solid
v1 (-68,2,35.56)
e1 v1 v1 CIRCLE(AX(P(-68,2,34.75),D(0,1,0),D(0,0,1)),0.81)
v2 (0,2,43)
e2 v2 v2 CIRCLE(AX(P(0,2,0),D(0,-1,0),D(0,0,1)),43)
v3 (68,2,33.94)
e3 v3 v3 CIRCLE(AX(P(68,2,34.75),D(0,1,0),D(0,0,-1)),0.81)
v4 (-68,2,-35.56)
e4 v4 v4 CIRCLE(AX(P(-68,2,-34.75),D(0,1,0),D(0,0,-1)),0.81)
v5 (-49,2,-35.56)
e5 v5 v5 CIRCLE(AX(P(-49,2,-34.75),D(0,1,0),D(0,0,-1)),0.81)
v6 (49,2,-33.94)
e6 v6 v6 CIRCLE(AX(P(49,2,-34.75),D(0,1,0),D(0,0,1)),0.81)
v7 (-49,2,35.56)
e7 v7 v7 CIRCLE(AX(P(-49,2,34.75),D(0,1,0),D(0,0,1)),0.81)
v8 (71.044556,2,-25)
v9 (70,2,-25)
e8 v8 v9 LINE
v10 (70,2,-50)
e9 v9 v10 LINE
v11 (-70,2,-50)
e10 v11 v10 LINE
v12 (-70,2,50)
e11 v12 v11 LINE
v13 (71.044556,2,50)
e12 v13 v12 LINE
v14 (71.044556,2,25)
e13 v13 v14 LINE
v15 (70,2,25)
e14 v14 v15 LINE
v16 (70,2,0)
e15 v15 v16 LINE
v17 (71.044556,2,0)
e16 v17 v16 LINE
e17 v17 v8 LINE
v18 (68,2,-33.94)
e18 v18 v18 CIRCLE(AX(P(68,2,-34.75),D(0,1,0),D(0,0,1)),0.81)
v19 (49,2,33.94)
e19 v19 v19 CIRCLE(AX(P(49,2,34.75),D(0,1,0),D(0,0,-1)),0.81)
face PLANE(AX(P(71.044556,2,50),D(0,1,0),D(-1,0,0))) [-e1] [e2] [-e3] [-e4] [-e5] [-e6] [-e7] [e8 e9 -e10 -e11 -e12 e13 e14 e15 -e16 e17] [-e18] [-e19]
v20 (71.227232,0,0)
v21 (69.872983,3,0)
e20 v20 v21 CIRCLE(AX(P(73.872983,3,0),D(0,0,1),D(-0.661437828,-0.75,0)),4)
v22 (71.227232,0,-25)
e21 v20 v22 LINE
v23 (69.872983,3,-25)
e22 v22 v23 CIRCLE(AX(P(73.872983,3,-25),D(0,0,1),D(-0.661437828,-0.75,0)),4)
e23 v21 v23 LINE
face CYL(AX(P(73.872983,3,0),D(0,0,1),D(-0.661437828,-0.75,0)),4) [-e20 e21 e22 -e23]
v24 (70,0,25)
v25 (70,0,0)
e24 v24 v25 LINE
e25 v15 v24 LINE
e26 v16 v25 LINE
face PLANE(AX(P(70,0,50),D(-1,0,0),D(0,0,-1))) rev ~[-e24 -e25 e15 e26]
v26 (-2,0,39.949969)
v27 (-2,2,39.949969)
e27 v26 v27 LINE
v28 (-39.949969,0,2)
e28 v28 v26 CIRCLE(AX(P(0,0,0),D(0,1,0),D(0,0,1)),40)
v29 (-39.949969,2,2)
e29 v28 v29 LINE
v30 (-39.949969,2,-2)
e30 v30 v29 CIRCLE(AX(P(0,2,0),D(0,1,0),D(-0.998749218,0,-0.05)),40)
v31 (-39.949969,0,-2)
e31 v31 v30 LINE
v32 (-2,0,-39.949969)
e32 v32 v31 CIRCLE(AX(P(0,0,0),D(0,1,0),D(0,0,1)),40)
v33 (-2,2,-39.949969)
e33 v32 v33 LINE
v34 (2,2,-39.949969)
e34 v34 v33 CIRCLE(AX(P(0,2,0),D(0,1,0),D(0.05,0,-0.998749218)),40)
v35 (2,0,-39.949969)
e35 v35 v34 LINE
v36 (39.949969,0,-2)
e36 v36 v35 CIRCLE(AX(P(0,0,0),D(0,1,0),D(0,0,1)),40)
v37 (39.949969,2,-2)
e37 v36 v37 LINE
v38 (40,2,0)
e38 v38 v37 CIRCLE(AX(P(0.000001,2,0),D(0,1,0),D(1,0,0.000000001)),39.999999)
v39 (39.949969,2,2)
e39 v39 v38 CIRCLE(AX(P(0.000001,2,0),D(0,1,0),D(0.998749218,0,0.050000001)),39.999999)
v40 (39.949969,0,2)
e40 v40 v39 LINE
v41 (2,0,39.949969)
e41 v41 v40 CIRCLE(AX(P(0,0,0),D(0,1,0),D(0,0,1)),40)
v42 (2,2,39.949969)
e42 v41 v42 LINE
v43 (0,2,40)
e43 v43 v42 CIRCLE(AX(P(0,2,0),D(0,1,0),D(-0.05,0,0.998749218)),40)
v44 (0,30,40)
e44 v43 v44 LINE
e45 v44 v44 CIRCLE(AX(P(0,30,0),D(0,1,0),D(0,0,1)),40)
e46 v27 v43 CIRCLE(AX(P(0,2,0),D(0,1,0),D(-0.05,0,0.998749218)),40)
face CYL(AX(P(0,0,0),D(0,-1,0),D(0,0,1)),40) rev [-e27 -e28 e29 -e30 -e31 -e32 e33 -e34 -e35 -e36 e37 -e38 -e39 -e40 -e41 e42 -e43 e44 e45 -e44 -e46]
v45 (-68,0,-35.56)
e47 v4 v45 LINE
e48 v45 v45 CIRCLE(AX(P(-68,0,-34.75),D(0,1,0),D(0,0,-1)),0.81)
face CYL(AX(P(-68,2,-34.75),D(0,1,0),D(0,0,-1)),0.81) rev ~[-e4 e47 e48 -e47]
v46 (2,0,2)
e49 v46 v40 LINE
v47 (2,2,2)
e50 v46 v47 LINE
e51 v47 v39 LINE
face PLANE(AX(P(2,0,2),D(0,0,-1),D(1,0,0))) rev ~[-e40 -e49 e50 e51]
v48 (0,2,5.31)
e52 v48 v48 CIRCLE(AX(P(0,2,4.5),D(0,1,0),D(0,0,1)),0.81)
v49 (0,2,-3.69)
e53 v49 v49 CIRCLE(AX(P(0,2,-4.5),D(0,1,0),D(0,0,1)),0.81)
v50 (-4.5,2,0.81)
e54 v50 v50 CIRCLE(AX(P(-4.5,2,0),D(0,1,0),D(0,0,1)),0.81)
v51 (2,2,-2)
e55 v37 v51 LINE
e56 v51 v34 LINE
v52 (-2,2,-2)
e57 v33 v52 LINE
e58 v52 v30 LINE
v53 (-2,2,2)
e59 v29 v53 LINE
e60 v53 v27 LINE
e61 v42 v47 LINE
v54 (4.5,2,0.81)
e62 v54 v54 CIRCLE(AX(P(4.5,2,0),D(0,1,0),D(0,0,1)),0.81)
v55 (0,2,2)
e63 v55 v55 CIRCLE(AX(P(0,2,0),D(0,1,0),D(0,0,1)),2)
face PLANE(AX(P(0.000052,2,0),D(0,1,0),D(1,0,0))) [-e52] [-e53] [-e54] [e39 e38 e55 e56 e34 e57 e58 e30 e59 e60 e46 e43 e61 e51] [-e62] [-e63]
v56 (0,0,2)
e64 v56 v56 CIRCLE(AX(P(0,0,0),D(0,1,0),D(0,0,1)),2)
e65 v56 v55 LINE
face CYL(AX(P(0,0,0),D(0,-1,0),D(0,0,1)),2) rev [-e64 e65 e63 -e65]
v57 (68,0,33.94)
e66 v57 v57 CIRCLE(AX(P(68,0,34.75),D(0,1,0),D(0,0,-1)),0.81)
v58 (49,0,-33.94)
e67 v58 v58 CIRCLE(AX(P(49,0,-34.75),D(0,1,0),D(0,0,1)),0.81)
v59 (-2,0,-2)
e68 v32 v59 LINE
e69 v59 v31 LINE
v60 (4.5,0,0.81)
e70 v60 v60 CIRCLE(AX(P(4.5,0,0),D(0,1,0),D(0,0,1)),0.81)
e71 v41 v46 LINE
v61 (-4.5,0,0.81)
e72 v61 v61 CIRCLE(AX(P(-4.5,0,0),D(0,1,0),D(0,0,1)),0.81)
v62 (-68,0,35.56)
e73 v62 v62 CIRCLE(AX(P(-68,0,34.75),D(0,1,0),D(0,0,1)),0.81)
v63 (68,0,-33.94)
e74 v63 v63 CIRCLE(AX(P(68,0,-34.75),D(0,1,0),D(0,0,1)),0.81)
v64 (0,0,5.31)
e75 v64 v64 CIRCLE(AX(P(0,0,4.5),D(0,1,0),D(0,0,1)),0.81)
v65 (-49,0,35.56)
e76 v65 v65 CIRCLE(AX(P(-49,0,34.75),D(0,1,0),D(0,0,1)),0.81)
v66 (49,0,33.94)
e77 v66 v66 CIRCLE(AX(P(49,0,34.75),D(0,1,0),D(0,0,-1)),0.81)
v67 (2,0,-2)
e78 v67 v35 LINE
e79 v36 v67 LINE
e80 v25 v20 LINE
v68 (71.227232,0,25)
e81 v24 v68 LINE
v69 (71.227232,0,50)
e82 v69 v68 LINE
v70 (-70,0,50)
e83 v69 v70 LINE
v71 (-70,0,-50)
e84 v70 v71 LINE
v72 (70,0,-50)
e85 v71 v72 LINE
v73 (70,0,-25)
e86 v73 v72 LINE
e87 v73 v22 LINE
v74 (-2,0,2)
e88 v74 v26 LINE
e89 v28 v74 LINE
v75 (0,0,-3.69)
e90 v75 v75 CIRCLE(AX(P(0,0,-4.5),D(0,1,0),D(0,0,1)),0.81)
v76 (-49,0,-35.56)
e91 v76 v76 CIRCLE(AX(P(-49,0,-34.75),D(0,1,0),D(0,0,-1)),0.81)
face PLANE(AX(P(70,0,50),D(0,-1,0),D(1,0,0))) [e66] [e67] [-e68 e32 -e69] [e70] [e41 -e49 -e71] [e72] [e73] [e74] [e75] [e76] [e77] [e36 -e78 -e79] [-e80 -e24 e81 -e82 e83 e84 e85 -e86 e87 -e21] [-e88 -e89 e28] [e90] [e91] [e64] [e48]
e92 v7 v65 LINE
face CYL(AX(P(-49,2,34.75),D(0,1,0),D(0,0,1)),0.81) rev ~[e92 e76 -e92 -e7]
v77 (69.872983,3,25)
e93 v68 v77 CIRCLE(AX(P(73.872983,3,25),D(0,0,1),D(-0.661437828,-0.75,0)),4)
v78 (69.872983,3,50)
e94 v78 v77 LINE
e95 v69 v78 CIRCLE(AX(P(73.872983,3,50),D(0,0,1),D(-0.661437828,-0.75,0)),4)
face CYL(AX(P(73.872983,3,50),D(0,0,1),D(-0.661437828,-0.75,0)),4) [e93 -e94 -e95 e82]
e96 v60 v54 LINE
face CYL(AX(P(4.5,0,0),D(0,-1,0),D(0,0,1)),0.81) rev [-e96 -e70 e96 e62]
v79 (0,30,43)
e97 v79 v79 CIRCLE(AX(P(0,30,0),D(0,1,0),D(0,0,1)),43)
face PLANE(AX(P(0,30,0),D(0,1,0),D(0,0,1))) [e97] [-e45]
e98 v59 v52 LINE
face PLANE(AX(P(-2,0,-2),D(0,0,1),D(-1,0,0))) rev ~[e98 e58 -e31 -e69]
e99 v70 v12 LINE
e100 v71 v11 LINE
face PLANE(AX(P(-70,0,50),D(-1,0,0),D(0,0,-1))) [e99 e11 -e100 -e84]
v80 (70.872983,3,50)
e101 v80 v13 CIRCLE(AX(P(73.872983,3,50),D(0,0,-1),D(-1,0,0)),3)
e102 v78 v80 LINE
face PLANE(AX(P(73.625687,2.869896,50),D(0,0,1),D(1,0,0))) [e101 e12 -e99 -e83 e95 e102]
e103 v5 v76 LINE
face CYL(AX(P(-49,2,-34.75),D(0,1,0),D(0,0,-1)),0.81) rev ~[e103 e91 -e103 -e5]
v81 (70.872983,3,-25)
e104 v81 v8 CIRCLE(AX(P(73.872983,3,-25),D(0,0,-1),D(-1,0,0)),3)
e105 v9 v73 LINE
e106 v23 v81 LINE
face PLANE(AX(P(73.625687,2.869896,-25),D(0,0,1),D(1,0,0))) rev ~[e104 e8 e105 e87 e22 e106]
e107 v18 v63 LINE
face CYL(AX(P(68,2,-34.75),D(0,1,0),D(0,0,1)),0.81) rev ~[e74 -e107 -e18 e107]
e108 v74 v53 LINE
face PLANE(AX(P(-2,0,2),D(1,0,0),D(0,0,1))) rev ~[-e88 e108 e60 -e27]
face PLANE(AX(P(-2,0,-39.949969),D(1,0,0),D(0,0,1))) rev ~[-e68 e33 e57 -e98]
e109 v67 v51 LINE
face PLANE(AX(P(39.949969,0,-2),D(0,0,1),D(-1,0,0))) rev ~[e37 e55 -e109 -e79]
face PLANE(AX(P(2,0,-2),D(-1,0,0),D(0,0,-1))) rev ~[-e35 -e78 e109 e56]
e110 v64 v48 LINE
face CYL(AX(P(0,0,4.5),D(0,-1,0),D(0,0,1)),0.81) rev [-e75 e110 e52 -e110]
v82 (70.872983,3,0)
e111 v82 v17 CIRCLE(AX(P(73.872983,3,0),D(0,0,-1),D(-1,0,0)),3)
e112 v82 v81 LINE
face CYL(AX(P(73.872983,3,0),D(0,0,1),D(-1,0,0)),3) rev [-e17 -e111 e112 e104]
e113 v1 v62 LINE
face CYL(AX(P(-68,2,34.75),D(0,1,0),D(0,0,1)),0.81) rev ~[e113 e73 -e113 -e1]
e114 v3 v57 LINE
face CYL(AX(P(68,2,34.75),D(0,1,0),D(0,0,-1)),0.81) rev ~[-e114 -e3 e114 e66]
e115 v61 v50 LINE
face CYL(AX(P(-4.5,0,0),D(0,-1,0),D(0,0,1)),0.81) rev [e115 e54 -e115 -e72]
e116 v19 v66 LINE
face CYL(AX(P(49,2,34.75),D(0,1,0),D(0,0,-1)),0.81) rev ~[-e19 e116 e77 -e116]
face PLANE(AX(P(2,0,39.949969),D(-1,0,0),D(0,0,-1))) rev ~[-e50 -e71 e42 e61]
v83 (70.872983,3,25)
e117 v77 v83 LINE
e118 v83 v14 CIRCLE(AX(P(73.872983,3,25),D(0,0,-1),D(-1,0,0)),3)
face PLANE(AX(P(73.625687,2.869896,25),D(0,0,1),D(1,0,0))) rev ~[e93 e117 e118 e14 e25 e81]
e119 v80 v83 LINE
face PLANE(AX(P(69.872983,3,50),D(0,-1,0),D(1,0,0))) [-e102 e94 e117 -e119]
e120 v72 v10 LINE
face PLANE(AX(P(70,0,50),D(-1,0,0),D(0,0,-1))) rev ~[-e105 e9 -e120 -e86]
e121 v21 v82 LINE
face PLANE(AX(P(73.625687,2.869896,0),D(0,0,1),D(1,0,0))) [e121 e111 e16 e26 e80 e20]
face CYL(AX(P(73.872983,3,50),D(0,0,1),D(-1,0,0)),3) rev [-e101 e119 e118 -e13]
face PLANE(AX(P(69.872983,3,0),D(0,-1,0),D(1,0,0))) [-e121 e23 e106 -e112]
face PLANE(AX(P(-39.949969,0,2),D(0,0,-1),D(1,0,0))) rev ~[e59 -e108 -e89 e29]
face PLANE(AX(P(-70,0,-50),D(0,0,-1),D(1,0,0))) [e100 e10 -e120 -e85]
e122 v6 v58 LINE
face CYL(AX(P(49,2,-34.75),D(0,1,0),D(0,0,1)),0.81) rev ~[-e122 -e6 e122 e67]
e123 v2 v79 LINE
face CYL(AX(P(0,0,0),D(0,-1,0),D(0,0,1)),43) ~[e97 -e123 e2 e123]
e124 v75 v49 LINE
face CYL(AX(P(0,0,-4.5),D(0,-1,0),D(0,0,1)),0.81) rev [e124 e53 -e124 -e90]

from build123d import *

# Parameters (mm, degrees)
CROQUIS1_R              = 43
CROQUIS1_R_2            = 40
SALIENTE_EXTRUIR1_DEPTH = 30
CROQUIS3_R              = 0.81
CROQUIS3_R_2            = 2
SALIENTE_EXTRUIR2_DEPTH = 2
CROQUIS4_W              = 140
CROQUIS4_H              = 100
CROQUIS4_R              = 43
SALIENTE_EXTRUIR3_DEPTH = 2
CROQUIS5_R              = 0.81
CORTAR_EXTRUIR1_DEPTH   = 2
SALIENTE_EXTRUIR7_DEPTH = 25
MATRIZL1_COUNT          = 2
MATRIZL1_PITCH          = 50


with BuildPart() as part:
    # Croquis1 → Saliente-Extruir1 (new body)
    with BuildSketch(Plane(origin=(0, 0, 0), x_dir=(1, 0, 0), z_dir=(0, 1, 0))):
        with Locations(Location((0, 0, 0), (0, 0, 270))):
            Circle(CROQUIS1_R)
        with Locations(Location((0, 0, 0), (0, 0, 270))):
            Circle(CROQUIS1_R_2, mode=Mode.SUBTRACT)
    extrude(amount=SALIENTE_EXTRUIR1_DEPTH)

    # Croquis3 → Saliente-Extruir2 (add)
    with BuildSketch(Plane(origin=(0, 0, 0), x_dir=(1, 0, 0), z_dir=(0, 1, 0))):
        with BuildLine():
            Line((-2, 39.949968711), (-2, 2))
            Line((-2, 2), (-39.949968711, 2))
            ThreePointArc((-39.949968711, 2), (-40, 0), (-39.949968711, -2))
            Line((-39.949968711, -2), (-2, -2))
            Line((-2, -2), (-2, -39.949968711))
            ThreePointArc((-2, -39.949968711), (0, -40), (2, -39.949968711))
            Line((2, -39.949968711), (2, -2))
            Line((2, -2), (39.949968711, -2))
            ThreePointArc((39.949968711, -2), (39.987490222, -1.000312842), (40, 0))
            ThreePointArc((40, 0), (39.987490222, 1.000312842), (39.949968711, 2))
            Line((39.949968711, 2), (2, 2))
            Line((2, 2), (2, 39.949968711))
            ThreePointArc((2, 39.949968711), (0, 40), (-2, 39.949968711))
        make_face()
        with Locations(Location((0, -4.5, 0), (0, 0, 270))):
            Circle(CROQUIS3_R, mode=Mode.SUBTRACT)
        with Locations(Location((-4.5, 0, 0), (0, 0, 270))):
            Circle(CROQUIS3_R, mode=Mode.SUBTRACT)
        with Locations(Location((0, 0, 0), (0, 0, 270))):
            Circle(CROQUIS3_R_2, mode=Mode.SUBTRACT)
        with Locations(Location((4.5, 0, 0), (0, 0, 270))):
            Circle(CROQUIS3_R, mode=Mode.SUBTRACT)
        with Locations(Location((0, 4.5, 0), (0, 0, 270))):
            Circle(CROQUIS3_R, mode=Mode.SUBTRACT)
    extrude(amount=SALIENTE_EXTRUIR2_DEPTH)

    # Croquis4 → Saliente-Extruir3 (add)
    with BuildSketch(Plane(origin=(0, 0, 0), x_dir=(1, 0, 0), z_dir=(0, 1, 0))):
        Rectangle(CROQUIS4_W, CROQUIS4_H)
        with Locations(Location((0, 0, 0), (0, 0, 90))):
            Circle(CROQUIS4_R, mode=Mode.SUBTRACT)
    extrude(amount=SALIENTE_EXTRUIR3_DEPTH)

    # Croquis5 → Cortar-Extruir1 (cut)
    with BuildSketch(Plane(origin=(0, 2, 0), x_dir=(1, 0, 0), z_dir=(0, 1, 0))):
        with Locations(Location((-68, -34.75, 0), (0, 0, 270))):
            Circle(CROQUIS5_R)
        with Locations(Location((-49, -34.75, 0), (0, 0, 270))):
            Circle(CROQUIS5_R)
        with Locations(Location((-49, 34.75, 0), (0, 0, 90))):
            Circle(CROQUIS5_R)
        with Locations(Location((-68, 34.75, 0), (0, 0, 90))):
            Circle(CROQUIS5_R)
        with Locations(Location((68, 34.75, 0), (0, 0, 270))):
            Circle(CROQUIS5_R)
        with Locations(Location((49, 34.75, 0), (0, 0, 270))):
            Circle(CROQUIS5_R)
        with Locations(Location((49, -34.75, 0), (0, 0, 90))):
            Circle(CROQUIS5_R)
        with Locations(Location((68, -34.75, 0), (0, 0, 90))):
            Circle(CROQUIS5_R)
    extrude(amount=-CORTAR_EXTRUIR1_DEPTH, mode=Mode.SUBTRACT)

    # Croquis7 → Saliente-Extruir7 (add)
    with BuildSketch(Plane.XY.offset(50)):
        with BuildLine():
            Line((70, 2), (70, 0))
            Line((70, 0), (71.227232035, 0))
            ThreePointArc((71.227232035, 0), (77.518734657, 4.645751311), (69.872983346, 3))
            Line((69.872983346, 3), (70.872983346, 3))
            ThreePointArc((70.872983346, 3), (76.829779025, 3.507305936), (71.044556221, 2))
            Line((71.044556221, 2), (70, 2))
        make_face()
    saliente_extruir7 = extrude(amount=-SALIENTE_EXTRUIR7_DEPTH)

    # MatrizL1: Saliente-Extruir7 ×2
    with Locations(*[(0, 0, -i * MATRIZL1_PITCH) for i in range(1, MATRIZL1_COUNT)]):
        add(saliente_extruir7)


solid = part.part
